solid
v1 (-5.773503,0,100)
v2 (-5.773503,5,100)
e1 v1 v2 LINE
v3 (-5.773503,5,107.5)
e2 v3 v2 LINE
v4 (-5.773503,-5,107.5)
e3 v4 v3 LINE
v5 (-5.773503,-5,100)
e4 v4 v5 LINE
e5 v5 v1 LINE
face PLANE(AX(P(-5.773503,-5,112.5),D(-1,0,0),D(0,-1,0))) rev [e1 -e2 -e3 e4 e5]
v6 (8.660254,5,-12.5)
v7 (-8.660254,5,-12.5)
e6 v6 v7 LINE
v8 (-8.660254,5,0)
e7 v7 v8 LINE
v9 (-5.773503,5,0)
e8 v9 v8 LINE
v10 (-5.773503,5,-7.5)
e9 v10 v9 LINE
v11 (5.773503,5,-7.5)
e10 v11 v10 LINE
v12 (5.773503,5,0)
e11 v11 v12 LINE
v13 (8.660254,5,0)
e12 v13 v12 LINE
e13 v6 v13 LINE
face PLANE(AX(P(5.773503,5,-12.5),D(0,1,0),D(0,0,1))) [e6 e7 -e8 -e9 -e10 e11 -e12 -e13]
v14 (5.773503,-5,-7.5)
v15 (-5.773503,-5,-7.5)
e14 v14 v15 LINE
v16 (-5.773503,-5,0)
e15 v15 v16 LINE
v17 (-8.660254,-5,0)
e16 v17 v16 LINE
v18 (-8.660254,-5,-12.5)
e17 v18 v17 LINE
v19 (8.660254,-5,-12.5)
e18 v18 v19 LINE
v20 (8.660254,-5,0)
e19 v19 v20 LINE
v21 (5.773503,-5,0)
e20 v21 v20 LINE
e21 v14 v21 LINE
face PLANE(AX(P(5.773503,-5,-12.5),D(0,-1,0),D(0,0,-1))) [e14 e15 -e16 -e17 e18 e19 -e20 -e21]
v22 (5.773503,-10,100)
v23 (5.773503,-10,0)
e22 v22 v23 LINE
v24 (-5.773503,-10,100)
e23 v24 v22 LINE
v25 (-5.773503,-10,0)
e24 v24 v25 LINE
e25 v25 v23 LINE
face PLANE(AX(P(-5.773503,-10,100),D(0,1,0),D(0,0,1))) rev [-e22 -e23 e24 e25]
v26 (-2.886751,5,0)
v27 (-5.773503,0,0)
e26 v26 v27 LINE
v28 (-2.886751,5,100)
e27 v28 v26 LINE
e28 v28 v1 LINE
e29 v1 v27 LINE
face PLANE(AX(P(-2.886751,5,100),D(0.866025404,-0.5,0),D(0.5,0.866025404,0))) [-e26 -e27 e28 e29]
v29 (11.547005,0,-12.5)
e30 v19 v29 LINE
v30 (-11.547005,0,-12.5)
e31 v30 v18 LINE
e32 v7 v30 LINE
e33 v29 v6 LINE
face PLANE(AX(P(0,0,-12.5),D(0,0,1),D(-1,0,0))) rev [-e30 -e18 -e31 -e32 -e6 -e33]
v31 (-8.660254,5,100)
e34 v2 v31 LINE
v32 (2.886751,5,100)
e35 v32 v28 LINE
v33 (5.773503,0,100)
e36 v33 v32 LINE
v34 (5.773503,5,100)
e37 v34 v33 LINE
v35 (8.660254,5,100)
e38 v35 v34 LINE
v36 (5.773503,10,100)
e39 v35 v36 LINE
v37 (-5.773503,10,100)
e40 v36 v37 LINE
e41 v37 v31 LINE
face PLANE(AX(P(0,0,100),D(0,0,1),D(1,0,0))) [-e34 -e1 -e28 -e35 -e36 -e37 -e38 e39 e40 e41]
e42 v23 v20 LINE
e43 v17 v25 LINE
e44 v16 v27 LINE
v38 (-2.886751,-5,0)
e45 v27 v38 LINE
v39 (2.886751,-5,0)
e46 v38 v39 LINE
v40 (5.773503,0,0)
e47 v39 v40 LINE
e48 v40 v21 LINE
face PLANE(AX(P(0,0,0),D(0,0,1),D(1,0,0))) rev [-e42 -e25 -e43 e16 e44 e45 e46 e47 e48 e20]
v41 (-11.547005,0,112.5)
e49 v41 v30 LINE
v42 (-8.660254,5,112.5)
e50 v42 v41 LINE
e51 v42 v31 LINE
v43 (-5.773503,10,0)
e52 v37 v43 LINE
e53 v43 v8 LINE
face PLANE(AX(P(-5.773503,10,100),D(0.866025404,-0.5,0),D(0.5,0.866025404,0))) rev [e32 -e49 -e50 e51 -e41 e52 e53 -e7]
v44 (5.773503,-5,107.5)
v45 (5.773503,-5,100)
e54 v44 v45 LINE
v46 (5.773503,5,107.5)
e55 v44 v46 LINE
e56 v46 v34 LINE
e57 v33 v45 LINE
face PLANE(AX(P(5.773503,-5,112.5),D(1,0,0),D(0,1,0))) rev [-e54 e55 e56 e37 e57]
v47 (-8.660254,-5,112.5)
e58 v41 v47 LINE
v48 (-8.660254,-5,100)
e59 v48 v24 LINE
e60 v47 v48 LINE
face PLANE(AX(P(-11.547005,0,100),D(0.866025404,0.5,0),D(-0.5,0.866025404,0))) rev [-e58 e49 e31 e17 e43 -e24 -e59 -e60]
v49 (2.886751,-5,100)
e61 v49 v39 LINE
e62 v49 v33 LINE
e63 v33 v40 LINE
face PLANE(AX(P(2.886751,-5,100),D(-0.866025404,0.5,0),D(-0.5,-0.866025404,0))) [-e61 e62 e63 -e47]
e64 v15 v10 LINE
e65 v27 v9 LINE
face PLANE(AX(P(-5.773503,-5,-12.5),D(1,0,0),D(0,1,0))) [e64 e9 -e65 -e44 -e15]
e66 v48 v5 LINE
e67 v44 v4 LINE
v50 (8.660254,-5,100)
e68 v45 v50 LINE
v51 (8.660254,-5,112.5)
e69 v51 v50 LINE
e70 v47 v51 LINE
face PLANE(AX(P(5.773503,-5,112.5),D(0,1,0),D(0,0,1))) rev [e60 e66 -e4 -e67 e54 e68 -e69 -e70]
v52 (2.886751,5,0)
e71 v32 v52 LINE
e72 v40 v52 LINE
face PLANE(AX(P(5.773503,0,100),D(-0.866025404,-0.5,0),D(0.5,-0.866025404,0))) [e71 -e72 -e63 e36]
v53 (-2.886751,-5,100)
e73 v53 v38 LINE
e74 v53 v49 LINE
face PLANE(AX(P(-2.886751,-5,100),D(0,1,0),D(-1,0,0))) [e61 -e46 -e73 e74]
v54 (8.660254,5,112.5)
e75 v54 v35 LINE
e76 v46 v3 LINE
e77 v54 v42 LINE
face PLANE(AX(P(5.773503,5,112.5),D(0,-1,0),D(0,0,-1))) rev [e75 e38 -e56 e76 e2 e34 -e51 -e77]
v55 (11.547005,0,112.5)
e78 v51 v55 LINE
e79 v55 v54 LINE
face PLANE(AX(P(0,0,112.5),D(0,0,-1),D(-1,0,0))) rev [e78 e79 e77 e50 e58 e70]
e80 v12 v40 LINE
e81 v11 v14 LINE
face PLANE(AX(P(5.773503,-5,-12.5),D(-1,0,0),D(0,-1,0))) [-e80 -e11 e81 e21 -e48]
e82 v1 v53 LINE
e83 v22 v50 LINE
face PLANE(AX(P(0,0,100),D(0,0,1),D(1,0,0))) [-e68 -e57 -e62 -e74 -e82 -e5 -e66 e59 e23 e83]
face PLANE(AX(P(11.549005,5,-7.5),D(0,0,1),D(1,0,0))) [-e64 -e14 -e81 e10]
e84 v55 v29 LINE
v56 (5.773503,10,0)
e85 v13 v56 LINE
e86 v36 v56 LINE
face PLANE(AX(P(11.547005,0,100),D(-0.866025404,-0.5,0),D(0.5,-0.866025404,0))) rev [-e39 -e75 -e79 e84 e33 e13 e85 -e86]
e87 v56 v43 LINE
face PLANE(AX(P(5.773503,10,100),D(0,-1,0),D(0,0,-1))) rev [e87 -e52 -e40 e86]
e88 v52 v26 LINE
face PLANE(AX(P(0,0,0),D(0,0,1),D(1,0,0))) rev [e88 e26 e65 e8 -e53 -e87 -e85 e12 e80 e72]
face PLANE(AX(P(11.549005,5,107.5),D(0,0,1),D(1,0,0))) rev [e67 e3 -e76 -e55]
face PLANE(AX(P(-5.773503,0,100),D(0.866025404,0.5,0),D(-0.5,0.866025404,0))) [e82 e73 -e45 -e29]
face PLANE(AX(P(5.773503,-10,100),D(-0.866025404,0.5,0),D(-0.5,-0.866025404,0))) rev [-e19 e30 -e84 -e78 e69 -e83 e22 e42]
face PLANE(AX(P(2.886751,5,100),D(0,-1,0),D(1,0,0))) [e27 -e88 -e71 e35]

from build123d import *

# Parameters (mm, degrees)
BOSS_EXTRUDE1_DEPTH = 100
BOSS_EXTRUDE2_DEPTH = 12.5
BOSS_EXTRUDE3_REACH = 116.264
SKETCH7_W           = 5
SKETCH7_H           = 10


with BuildPart() as part:
    # Sketch3 → Boss-Extrude1 (new body)
    with BuildSketch(Plane.XY):
        Polygon((11.547005384, 0), (5.773502692, 10), (-5.773502692, 10), (-11.547005384, 0), (-5.773502692, -10), (5.773502692, -10), align=None)
        Polygon((5.773502692, 0), (2.886751346, 5), (-2.886751346, 5), (-5.773502692, 0), (-2.886751346, -5), (2.886751346, -5), align=None, mode=Mode.SUBTRACT)
    extrude(amount=BOSS_EXTRUDE1_DEPTH)

    # Sketch5 → Boss-Extrude2 (add)
    with BuildSketch(Plane.XY.offset(100)):
        Polygon((5.773502692, 5), (8.660254038, 5), (11.547005384, 0), (8.660254038, -5), (5.773502692, -5), align=None)
        Polygon((-8.660254038, 5), (-11.547005384, 0), (-8.660254038, -5), (-5.773502692, -5), (-5.773502692, 5), align=None)
    boss_extrude2 = extrude(amount=BOSS_EXTRUDE2_DEPTH)

    # Sketch7 → Boss-Extrude3 (add, up to next)
    with BuildSketch(Plane(origin=(-5.773502692, 0, 0), x_dir=(0, 0, -1), z_dir=(1, 0, 0)), mode=Mode.PRIVATE) as boss_extrude3_sk1:
        with Locations((-110, 0)):
            Rectangle(SKETCH7_W, SKETCH7_H)
    boss_extrude3_tool1 = extrude(boss_extrude3_sk1.sketch, amount=BOSS_EXTRUDE3_REACH, mode=Mode.PRIVATE) - part.part
    boss_extrude3 = boss_extrude3_tool1.solids().sort_by_distance((-5.773503, 0, 110))[0]
    add(boss_extrude3)

    # Mirror1: Boss-Extrude2, Boss-Extrude3 across plane
    add(boss_extrude2.mirror(Plane.XY.offset(50)))
    add(boss_extrude3.mirror(Plane.XY.offset(50)))


solid = part.part
